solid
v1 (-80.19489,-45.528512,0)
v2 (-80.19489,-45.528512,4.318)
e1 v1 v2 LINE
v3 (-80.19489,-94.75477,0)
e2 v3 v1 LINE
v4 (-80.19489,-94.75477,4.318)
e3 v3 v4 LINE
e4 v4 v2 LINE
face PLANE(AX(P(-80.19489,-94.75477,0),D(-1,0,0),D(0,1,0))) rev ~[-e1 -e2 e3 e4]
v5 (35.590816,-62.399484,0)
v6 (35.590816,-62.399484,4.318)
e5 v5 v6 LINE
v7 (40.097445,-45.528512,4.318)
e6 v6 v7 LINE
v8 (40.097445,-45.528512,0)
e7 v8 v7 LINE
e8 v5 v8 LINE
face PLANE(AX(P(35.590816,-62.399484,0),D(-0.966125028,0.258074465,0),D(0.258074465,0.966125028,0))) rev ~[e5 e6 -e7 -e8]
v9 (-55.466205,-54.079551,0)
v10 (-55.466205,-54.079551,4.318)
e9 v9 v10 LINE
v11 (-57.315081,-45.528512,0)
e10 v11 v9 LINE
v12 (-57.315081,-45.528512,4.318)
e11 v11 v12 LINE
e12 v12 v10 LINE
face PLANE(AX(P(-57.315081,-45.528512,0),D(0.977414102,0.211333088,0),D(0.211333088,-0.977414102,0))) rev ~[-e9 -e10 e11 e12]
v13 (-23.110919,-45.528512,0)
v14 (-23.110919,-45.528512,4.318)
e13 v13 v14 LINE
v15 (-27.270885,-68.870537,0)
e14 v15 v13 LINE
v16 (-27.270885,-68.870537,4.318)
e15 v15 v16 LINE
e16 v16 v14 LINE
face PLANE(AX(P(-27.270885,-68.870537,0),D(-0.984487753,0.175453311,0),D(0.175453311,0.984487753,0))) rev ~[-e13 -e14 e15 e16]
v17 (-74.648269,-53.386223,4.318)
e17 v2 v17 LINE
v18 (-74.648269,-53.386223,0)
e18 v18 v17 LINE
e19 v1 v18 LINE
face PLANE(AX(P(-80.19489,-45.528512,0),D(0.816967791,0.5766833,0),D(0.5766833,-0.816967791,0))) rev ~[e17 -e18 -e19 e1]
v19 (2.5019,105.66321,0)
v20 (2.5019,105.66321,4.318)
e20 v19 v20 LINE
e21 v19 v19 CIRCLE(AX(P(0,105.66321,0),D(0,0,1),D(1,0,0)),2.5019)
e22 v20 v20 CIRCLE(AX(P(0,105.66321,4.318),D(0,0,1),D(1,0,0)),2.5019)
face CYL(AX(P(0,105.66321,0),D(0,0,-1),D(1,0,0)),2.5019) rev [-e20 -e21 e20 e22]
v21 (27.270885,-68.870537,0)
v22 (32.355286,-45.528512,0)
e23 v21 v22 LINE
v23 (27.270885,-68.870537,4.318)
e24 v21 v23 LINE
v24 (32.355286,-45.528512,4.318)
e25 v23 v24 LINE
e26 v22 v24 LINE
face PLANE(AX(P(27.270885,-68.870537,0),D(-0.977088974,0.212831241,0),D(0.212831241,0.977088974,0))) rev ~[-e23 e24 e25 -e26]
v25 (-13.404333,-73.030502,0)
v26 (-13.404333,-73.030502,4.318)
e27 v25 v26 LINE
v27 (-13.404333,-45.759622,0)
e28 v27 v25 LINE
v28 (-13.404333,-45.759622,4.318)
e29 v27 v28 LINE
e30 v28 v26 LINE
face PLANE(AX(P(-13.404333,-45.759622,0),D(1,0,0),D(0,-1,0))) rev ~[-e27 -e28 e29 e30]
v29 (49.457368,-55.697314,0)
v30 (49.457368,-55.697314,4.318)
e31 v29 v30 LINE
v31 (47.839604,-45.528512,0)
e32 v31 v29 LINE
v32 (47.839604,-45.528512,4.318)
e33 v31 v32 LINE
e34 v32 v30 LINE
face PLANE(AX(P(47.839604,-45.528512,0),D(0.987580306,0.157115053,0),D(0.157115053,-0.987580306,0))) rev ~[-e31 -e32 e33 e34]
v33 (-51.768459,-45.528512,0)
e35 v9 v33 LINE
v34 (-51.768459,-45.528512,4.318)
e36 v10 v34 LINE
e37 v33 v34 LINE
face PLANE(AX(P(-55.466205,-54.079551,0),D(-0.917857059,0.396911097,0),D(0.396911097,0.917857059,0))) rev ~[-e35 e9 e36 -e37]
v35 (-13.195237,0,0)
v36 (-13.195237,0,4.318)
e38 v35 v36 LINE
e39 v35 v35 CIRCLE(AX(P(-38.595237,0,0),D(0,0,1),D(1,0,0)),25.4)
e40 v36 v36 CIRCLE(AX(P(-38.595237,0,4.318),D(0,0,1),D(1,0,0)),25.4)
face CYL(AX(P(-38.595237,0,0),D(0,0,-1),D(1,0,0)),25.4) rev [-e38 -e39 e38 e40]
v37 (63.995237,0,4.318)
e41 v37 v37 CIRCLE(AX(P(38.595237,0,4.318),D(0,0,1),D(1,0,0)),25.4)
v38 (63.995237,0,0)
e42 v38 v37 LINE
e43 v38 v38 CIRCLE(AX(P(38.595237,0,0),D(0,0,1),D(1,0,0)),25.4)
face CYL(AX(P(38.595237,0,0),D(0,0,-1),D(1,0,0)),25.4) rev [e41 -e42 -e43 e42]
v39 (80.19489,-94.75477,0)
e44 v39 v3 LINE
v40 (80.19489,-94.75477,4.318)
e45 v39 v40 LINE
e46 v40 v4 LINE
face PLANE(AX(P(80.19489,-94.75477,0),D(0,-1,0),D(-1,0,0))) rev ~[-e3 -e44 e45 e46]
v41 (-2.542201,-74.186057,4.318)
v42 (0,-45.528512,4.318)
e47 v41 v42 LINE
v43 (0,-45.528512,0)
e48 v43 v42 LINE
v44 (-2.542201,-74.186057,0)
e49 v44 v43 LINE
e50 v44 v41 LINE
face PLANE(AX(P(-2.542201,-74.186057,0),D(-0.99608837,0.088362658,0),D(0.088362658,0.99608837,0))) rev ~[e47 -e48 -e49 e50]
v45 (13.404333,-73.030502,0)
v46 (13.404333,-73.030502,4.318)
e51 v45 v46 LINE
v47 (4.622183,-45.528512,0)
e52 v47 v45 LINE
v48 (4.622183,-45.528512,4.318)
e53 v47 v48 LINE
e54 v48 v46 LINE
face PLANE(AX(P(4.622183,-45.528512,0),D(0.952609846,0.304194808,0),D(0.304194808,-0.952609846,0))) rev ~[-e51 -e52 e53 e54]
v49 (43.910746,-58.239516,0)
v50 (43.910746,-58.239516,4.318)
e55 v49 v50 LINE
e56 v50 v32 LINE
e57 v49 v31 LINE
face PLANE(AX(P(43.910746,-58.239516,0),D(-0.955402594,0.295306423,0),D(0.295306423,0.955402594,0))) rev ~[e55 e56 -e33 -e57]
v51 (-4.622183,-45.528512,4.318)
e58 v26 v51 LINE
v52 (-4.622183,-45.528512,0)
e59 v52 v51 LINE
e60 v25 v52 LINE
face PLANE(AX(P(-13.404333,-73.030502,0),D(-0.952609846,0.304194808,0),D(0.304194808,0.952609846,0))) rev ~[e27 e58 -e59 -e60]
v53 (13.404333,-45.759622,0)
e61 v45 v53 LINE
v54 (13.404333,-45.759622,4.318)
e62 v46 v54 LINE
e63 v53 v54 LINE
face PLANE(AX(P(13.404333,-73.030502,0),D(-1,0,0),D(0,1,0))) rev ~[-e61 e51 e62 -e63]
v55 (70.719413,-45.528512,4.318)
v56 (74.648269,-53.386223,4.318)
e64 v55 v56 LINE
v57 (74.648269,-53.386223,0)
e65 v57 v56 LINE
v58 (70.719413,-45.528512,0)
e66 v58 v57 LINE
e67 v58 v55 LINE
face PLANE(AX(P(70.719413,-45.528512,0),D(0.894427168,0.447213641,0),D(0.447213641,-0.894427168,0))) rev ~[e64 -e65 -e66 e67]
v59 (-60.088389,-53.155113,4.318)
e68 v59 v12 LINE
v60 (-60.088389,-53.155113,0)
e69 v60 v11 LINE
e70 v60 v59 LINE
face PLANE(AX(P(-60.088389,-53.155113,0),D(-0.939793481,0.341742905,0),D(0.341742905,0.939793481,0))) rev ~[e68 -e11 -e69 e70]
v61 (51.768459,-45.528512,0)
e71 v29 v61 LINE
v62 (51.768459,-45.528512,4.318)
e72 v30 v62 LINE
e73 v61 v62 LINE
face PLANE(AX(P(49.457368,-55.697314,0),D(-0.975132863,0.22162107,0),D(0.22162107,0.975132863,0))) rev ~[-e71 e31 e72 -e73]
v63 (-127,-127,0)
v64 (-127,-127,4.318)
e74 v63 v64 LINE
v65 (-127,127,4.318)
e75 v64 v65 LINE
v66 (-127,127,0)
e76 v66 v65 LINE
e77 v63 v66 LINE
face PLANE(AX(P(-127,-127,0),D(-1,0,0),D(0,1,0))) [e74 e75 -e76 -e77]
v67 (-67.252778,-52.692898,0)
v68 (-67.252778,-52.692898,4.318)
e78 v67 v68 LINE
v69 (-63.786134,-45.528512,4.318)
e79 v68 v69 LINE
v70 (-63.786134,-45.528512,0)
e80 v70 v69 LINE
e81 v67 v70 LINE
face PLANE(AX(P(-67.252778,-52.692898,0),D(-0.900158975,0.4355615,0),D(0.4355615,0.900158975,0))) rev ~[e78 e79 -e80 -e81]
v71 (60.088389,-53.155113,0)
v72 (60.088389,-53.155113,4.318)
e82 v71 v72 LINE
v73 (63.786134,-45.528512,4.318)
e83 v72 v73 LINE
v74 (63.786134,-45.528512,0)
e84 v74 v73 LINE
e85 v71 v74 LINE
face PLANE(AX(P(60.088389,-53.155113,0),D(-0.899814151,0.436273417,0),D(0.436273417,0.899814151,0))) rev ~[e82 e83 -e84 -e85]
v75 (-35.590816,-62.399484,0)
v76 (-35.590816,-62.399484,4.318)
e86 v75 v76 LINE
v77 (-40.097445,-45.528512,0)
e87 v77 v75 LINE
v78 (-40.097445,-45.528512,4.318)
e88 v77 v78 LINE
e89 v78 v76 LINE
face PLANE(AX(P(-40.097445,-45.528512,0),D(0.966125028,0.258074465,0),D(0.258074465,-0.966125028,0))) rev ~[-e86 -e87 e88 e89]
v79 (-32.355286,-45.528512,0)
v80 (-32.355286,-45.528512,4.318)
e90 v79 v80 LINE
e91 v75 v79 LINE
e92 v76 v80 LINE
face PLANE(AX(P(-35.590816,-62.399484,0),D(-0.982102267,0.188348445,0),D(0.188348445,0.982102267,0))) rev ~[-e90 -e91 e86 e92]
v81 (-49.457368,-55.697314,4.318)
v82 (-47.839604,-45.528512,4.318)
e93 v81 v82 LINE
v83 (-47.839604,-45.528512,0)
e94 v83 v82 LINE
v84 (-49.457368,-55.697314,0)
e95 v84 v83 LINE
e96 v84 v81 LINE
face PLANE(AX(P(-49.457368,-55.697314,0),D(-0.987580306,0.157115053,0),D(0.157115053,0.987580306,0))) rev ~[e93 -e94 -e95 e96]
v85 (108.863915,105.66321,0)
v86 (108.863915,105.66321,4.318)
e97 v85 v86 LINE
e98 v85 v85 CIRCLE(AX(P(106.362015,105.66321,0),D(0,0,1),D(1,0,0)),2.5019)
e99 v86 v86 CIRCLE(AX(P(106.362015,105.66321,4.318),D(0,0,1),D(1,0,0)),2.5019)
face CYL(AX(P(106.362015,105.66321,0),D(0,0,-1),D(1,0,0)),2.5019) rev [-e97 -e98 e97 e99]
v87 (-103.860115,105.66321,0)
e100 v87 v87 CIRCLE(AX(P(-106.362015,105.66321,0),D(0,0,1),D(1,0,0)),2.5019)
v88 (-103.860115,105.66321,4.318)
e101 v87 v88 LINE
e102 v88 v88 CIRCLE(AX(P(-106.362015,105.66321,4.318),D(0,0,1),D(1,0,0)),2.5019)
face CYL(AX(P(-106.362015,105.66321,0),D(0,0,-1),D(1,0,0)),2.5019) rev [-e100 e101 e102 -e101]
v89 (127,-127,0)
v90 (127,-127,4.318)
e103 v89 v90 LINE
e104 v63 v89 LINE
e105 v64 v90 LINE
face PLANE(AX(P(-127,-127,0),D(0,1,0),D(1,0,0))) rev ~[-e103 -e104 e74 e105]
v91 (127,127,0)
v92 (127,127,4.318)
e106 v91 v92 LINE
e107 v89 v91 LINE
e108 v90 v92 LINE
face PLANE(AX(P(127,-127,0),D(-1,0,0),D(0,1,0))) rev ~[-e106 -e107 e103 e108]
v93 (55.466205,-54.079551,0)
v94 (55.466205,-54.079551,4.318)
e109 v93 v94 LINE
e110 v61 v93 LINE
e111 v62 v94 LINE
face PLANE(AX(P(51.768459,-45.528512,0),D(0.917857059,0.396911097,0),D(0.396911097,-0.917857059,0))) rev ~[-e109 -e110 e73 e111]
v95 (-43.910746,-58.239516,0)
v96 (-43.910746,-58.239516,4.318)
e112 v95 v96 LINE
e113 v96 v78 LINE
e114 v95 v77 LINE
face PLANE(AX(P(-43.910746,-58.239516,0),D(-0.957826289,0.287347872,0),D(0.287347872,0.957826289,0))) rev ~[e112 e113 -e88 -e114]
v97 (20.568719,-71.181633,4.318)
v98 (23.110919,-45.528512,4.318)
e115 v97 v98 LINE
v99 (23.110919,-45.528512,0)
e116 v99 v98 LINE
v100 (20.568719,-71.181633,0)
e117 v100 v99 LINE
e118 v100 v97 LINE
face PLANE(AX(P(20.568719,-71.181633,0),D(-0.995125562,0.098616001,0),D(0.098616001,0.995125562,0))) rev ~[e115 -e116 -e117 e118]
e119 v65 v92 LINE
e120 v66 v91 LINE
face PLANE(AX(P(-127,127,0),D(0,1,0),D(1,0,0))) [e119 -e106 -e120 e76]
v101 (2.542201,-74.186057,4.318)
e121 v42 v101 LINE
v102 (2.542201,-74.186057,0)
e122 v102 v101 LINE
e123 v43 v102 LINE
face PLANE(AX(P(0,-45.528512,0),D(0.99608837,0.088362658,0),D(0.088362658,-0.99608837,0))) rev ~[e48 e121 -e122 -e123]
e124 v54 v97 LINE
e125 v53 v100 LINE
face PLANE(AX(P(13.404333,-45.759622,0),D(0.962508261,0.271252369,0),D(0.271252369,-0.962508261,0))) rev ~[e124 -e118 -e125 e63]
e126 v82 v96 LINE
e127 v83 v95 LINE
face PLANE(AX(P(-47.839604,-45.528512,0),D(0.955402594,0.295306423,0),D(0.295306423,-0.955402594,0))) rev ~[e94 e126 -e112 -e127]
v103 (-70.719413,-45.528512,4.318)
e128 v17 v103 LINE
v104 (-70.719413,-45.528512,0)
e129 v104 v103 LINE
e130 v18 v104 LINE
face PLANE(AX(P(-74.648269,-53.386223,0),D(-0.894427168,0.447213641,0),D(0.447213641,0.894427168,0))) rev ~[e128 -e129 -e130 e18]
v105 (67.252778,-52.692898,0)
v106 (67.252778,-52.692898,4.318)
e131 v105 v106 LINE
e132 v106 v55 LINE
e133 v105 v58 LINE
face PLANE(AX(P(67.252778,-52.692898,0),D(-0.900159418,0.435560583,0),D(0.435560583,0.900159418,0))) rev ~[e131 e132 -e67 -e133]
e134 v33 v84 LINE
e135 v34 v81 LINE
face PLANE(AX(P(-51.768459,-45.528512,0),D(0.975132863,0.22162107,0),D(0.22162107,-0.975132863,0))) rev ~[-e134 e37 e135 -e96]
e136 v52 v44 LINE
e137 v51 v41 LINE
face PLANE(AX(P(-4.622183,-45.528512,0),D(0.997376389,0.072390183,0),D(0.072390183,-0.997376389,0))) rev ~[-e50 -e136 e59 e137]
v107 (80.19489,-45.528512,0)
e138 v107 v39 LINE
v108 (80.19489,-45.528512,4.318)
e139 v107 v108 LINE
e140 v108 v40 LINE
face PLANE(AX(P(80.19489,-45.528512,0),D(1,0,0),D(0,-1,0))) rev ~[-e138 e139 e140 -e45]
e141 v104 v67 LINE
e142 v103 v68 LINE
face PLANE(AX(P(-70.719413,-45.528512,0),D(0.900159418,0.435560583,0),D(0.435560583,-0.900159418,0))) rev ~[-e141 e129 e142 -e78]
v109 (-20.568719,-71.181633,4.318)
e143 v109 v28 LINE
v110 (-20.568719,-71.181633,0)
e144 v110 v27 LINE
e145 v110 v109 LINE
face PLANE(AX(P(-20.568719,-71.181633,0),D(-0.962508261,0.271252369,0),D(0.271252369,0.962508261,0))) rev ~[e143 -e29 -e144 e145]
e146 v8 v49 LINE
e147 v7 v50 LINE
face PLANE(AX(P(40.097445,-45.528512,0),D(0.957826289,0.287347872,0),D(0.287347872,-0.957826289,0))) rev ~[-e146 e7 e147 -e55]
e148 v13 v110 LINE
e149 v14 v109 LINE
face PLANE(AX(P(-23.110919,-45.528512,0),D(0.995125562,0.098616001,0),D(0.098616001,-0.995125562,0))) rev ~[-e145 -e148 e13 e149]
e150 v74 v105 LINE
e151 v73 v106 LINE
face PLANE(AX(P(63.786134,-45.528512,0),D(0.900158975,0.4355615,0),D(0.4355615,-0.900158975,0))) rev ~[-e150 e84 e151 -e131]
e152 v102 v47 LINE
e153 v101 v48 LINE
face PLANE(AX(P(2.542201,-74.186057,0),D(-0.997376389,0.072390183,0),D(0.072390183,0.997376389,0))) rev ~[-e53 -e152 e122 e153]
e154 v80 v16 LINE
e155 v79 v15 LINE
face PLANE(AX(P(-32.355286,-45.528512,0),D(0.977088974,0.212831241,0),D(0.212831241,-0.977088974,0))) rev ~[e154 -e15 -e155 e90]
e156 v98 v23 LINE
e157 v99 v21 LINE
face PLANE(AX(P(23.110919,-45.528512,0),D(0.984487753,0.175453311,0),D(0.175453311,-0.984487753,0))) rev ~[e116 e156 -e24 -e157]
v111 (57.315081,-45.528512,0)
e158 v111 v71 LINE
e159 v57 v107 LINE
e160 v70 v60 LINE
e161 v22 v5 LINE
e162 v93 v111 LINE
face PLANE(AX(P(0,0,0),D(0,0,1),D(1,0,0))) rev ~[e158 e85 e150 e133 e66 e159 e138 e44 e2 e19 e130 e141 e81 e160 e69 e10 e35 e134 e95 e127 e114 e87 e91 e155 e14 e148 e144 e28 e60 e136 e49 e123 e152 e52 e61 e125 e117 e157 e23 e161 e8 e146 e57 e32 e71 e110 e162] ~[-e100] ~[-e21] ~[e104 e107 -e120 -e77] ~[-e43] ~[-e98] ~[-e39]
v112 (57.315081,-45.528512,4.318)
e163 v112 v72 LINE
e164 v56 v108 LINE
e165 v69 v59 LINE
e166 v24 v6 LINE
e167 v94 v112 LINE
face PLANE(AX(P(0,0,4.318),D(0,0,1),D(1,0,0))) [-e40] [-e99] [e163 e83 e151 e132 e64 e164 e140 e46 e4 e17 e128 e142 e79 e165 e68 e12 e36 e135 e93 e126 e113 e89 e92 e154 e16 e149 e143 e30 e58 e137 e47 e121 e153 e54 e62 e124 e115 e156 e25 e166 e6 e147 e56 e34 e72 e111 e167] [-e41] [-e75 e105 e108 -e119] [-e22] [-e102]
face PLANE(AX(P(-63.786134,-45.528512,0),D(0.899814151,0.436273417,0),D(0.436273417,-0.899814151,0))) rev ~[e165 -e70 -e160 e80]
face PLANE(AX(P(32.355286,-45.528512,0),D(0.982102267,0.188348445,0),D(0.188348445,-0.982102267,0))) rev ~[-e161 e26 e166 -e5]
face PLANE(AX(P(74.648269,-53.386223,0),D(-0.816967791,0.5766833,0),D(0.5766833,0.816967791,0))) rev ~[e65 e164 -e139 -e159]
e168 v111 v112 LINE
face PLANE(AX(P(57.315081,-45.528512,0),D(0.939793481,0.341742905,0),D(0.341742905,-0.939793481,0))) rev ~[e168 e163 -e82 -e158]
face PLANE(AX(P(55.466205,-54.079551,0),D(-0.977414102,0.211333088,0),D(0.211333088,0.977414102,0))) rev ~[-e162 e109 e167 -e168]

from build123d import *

# Parameters (mm, degrees)
F0_W     = 254
F0_H     = 254
F0_R     = 25.4
F0_R_2   = 2.5019
F1_DEPTH = 4.318
F2_DEPTH = 4.318


with BuildPart() as f1:
    # F0 (on Top) → F1 (new body)
    with BuildSketch(Plane.XY):
        Rectangle(F0_W, F0_H)
        Polygon((80.19489, -94.75477), (0, -94.75477), (-80.19489, -94.75477), (-80.19489, -45.528512), (-74.648269, -53.386223), (-70.719413, -45.528512), (-67.252778, -52.692898), (-63.786134, -45.528512), (-60.088389, -53.155113), (-57.315081, -45.528512), (-55.466205, -54.079551), (-51.768459, -45.528512), (-49.457368, -55.697314), (-47.839604, -45.528512), (-43.910746, -58.239516), (-40.097445, -45.528512), (-35.590816, -62.399484), (-32.355286, -45.528512), (-27.270885, -68.870537), (-23.110919, -45.528512), (-20.568719, -71.181633), (-13.404333, -45.759622), (-13.404333, -73.030502), (-4.622183, -45.528512), (-2.542201, -74.186057), (0, -45.528512), (2.542201, -74.186057), (4.622183, -45.528512), (13.404333, -73.030502), (13.404333, -45.759622), (20.568719, -71.181633), (23.110919, -45.528512), (27.270885, -68.870537), (32.355286, -45.528512), (35.590816, -62.399484), (40.097445, -45.528512), (43.910746, -58.239516), (47.839604, -45.528512), (49.457368, -55.697314), (51.768459, -45.528512), (55.466205, -54.079551), (57.315081, -45.528512), (60.088389, -53.155113), (63.786134, -45.528512), (67.252778, -52.692898), (70.719413, -45.528512), (74.648269, -53.386223), (80.19489, -45.528512), align=None, mode=Mode.SUBTRACT)
        with Locations((-38.595237, 0)):
            Circle(F0_R, mode=Mode.SUBTRACT)
        with Locations((-106.362015, 105.66321)):
            Circle(F0_R_2, mode=Mode.SUBTRACT)
        with Locations((38.595237, 0)):
            Circle(F0_R, mode=Mode.SUBTRACT)
        with Locations((0, 105.66321)):
            Circle(F0_R_2, mode=Mode.SUBTRACT)
        with Locations((106.362015, 105.66321)):
            Circle(F0_R_2, mode=Mode.SUBTRACT)
    extrude(amount=F1_DEPTH)

    # F0 (on Top) → F2 (join)
    with BuildSketch(Plane.XY):
        Rectangle(F0_W, F0_H)
        Polygon((80.19489, -94.75477), (0, -94.75477), (-80.19489, -94.75477), (-80.19489, -45.528512), (-74.648269, -53.386223), (-70.719413, -45.528512), (-67.252778, -52.692898), (-63.786134, -45.528512), (-60.088389, -53.155113), (-57.315081, -45.528512), (-55.466205, -54.079551), (-51.768459, -45.528512), (-49.457368, -55.697314), (-47.839604, -45.528512), (-43.910746, -58.239516), (-40.097445, -45.528512), (-35.590816, -62.399484), (-32.355286, -45.528512), (-27.270885, -68.870537), (-23.110919, -45.528512), (-20.568719, -71.181633), (-13.404333, -45.759622), (-13.404333, -73.030502), (-4.622183, -45.528512), (-2.542201, -74.186057), (0, -45.528512), (2.542201, -74.186057), (4.622183, -45.528512), (13.404333, -73.030502), (13.404333, -45.759622), (20.568719, -71.181633), (23.110919, -45.528512), (27.270885, -68.870537), (32.355286, -45.528512), (35.590816, -62.399484), (40.097445, -45.528512), (43.910746, -58.239516), (47.839604, -45.528512), (49.457368, -55.697314), (51.768459, -45.528512), (55.466205, -54.079551), (57.315081, -45.528512), (60.088389, -53.155113), (63.786134, -45.528512), (67.252778, -52.692898), (70.719413, -45.528512), (74.648269, -53.386223), (80.19489, -45.528512), align=None, mode=Mode.SUBTRACT)
        with Locations((-38.595237, 0)):
            Circle(F0_R, mode=Mode.SUBTRACT)
        with Locations((-106.362015, 105.66321)):
            Circle(F0_R_2, mode=Mode.SUBTRACT)
        with Locations((38.595237, 0)):
            Circle(F0_R, mode=Mode.SUBTRACT)
        with Locations((0, 105.66321)):
            Circle(F0_R_2, mode=Mode.SUBTRACT)
        with Locations((106.362015, 105.66321)):
            Circle(F0_R_2, mode=Mode.SUBTRACT)
    extrude(amount=F2_DEPTH)


solid = f1.part
